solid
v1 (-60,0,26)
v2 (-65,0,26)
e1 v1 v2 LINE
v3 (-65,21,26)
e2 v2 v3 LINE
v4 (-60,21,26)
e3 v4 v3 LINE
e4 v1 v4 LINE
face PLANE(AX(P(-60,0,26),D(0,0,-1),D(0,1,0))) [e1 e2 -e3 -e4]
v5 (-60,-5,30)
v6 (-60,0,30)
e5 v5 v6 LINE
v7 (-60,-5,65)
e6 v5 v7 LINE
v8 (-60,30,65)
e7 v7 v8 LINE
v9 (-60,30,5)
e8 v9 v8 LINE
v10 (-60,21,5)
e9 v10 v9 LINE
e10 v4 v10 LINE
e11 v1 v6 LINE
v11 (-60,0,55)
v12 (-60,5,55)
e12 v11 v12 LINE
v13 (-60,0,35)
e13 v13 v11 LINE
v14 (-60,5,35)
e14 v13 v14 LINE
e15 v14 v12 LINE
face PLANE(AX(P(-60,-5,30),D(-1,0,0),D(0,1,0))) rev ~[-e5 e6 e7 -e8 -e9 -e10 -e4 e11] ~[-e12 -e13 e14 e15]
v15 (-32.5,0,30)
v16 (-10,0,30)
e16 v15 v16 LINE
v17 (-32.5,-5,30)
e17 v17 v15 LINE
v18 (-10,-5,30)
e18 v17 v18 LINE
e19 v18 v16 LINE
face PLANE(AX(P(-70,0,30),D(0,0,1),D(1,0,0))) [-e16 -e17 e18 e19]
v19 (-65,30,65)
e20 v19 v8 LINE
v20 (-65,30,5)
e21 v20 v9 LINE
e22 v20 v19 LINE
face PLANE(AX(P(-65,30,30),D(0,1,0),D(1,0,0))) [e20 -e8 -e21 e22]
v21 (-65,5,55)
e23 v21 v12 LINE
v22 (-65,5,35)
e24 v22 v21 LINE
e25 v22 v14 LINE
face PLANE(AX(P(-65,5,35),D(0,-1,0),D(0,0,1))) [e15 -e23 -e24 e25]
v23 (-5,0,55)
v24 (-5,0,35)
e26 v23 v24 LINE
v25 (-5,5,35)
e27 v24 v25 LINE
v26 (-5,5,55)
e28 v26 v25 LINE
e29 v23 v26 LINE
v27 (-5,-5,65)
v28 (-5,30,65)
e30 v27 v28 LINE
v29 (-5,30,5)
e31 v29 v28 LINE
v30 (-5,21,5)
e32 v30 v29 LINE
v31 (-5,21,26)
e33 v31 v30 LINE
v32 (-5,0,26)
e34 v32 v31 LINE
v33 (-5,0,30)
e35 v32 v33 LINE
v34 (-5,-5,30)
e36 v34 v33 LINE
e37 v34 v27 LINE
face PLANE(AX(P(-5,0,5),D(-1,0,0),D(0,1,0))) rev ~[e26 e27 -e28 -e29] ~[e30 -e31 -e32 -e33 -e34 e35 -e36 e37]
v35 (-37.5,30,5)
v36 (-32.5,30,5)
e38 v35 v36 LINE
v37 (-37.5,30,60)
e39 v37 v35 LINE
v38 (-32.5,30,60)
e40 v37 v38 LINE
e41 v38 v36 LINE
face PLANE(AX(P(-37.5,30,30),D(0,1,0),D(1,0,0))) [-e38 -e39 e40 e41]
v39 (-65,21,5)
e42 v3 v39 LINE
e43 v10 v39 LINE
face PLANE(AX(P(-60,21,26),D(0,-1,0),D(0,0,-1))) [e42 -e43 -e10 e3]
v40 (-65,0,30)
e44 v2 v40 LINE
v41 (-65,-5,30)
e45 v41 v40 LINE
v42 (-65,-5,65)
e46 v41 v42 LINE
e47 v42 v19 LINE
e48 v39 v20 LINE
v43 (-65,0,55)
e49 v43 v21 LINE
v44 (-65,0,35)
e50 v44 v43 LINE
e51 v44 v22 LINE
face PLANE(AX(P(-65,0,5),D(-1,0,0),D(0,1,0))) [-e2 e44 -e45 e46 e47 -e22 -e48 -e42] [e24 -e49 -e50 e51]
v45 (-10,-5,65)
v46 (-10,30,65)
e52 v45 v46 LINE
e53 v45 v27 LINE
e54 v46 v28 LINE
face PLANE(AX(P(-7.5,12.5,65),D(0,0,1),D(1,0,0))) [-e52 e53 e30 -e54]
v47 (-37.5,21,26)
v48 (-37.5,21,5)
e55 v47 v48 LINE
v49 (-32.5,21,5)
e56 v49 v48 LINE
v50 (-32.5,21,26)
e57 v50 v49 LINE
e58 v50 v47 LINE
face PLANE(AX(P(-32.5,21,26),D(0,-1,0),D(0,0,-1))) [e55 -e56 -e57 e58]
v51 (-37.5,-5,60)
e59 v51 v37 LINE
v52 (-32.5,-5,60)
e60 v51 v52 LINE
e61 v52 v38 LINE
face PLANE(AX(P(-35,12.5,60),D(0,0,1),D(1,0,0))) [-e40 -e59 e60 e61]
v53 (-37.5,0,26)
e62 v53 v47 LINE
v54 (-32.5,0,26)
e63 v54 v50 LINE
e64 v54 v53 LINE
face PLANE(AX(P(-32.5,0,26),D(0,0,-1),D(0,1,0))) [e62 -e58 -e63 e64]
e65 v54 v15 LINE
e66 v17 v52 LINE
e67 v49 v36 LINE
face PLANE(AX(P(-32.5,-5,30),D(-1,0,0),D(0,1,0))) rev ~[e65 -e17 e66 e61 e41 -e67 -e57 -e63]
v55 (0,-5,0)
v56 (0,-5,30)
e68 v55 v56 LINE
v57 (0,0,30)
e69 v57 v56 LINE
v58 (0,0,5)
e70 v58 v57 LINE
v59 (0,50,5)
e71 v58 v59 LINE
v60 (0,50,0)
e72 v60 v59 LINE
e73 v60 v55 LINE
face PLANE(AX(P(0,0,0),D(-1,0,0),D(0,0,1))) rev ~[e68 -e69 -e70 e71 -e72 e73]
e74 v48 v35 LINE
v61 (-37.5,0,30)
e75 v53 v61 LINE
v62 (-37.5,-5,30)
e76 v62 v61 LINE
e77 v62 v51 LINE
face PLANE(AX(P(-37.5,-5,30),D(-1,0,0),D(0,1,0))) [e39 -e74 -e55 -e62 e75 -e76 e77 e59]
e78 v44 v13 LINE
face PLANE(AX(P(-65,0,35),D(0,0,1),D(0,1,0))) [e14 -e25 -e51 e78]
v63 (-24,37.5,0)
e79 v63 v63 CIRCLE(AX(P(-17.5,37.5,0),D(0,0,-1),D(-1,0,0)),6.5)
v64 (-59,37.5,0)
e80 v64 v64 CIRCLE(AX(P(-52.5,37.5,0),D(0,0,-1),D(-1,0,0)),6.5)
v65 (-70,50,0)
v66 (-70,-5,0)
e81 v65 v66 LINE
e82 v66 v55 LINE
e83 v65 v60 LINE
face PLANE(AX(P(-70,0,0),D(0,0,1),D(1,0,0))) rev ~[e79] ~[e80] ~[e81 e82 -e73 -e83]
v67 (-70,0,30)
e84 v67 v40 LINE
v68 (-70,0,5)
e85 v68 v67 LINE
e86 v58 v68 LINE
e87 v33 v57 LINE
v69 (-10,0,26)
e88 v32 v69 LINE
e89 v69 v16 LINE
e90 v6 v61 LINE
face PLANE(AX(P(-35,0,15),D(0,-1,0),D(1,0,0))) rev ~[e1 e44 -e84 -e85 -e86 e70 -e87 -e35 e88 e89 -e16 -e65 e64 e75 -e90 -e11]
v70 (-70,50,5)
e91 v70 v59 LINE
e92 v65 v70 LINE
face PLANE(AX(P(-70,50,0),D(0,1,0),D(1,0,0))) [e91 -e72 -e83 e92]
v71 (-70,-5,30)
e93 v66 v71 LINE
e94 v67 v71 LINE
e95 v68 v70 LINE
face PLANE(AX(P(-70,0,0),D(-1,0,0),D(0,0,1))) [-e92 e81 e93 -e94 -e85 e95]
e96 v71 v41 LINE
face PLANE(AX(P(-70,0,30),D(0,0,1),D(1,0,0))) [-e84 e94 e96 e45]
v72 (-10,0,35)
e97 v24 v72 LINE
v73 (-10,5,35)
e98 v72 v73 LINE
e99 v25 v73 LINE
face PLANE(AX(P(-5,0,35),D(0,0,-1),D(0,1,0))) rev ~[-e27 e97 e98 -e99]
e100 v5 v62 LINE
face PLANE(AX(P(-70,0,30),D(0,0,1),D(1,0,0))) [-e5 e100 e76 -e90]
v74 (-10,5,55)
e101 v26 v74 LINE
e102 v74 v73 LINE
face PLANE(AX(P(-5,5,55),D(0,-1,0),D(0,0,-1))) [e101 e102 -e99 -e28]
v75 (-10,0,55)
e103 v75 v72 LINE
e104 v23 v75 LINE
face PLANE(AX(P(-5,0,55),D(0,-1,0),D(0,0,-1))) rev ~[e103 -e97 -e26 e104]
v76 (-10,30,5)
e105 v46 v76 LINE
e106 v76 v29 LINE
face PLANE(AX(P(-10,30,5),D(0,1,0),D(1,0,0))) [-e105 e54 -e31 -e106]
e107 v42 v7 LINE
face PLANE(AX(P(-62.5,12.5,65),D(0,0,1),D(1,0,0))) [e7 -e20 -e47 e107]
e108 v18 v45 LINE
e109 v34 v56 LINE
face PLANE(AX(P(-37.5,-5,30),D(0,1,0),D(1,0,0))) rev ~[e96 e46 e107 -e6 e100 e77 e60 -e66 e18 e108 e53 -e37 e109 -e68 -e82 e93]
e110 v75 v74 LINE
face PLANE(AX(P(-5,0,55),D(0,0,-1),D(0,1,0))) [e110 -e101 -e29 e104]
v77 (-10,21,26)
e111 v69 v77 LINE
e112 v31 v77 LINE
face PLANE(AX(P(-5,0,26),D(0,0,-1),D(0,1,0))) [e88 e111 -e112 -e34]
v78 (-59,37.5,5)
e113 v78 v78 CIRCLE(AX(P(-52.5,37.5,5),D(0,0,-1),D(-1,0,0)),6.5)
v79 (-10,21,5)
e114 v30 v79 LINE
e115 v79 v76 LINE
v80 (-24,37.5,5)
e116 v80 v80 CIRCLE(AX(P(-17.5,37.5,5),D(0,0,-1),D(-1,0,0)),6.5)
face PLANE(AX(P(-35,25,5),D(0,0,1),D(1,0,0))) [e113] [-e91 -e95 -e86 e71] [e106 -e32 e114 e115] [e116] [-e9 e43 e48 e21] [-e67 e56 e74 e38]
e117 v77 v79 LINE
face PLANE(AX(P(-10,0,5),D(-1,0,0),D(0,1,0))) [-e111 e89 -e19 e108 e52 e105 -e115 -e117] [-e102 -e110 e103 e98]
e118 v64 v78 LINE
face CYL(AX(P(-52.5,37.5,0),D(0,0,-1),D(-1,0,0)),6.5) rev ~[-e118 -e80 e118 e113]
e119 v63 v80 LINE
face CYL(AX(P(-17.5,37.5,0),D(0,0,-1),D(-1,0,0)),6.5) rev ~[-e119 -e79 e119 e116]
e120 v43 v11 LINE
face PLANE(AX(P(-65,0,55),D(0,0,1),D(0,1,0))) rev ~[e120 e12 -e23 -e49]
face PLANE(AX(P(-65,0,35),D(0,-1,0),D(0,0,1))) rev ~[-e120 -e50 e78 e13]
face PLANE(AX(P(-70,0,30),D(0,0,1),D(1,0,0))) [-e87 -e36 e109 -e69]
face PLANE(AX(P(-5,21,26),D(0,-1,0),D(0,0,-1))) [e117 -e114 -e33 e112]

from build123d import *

# Parameters (mm, degrees)
SKETCH1_W           = 70
SKETCH1_H           = 50
BOSS_EXTRUDE1_DEPTH = 5
SKETCH2_W           = 5
SKETCH2_H           = 30
BOSS_EXTRUDE2_DEPTH = 25
SKETCH3_W           = 21
SKETCH3_H           = 21
CUT_EXTRUDE1_DEPTH  = 5
SKETCH4_W           = 21
SKETCH4_H           = 21
CUT_EXTRUDE2_DEPTH  = 5
SKETCH5_W           = 21
SKETCH5_H           = 21
CUT_EXTRUDE3_DEPTH  = 5
SKETCH6_W           = 70
SKETCH6_H           = 30
BOSS_EXTRUDE3_DEPTH = 5
SKETCH7_W           = 5
SKETCH7_H           = 35
BOSS_EXTRUDE4_DEPTH = 35
SKETCH8_R           = 6.5
CUT_EXTRUDE4_DEPTH  = 5
SKETCH9_W           = 5
SKETCH9_H           = 35
CUT_EXTRUDE5_DEPTH  = 5
SKETCH10_W          = 20
SKETCH10_H          = 5
CUT_EXTRUDE6_DEPTH  = 5
SKETCH11_W          = 20
SKETCH11_H          = 5
CUT_EXTRUDE7_DEPTH  = 5


with BuildPart() as part:
    # Sketch1 → Boss-Extrude1 (new body)
    with BuildSketch(Plane.XY):
        with Locations((-35, 25)):
            Rectangle(SKETCH1_W, SKETCH1_H)
    extrude(amount=BOSS_EXTRUDE1_DEPTH)

    # Sketch2 → Boss-Extrude2 (add)
    with BuildSketch(Plane.XY.offset(5)):
        with Locations((-62.5, 15)):
            Rectangle(SKETCH2_W, SKETCH2_H)
        with Locations((-35, 15)):
            Rectangle(SKETCH2_W, SKETCH2_H)
        with Locations((-7.5, 15)):
            Rectangle(SKETCH2_W, SKETCH2_H)
    extrude(amount=BOSS_EXTRUDE2_DEPTH)

    # Sketch3 → Cut-Extrude1 (cut)
    with BuildSketch(Plane(origin=(-5, 0, 0), x_dir=(0, 0, -1), z_dir=(1, 0, 0))):
        with Locations((-15.5, 10.5)):
            Rectangle(SKETCH3_W, SKETCH3_H)
    extrude(amount=-CUT_EXTRUDE1_DEPTH, mode=Mode.SUBTRACT)

    # Sketch4 → Cut-Extrude2 (cut)
    with BuildSketch(Plane(origin=(-32.5, 0, 0), x_dir=(0, 0, -1), z_dir=(1, 0, 0))):
        with Locations((-15.5, 10.5)):
            Rectangle(SKETCH4_W, SKETCH4_H)
    extrude(amount=-CUT_EXTRUDE2_DEPTH, mode=Mode.SUBTRACT)

    # Sketch5 → Cut-Extrude3 (cut)
    with BuildSketch(Plane(origin=(-60, 0, 0), x_dir=(0, 0, -1), z_dir=(1, 0, 0))):
        with Locations((-15.5, 10.5)):
            Rectangle(SKETCH5_W, SKETCH5_H)
    extrude(amount=-CUT_EXTRUDE3_DEPTH, mode=Mode.SUBTRACT)

    # Sketch6 → Boss-Extrude3 (add)
    with BuildSketch(Plane.XZ):
        with Locations((-35, 15)):
            Rectangle(SKETCH6_W, SKETCH6_H)
    extrude(amount=BOSS_EXTRUDE3_DEPTH)

    # Sketch7 → Boss-Extrude4 (add)
    with BuildSketch(Plane.XY.offset(30)):
        with Locations((-35, 12.5)):
            Rectangle(SKETCH7_W, SKETCH7_H)
        with Locations((-7.5, 12.5)):
            Rectangle(SKETCH7_W, SKETCH7_H)
        with Locations((-62.5, 12.5)):
            Rectangle(SKETCH7_W, SKETCH7_H)
    extrude(amount=BOSS_EXTRUDE4_DEPTH)

    # Sketch8 → Cut-Extrude4 (cut)
    with BuildSketch(Plane(origin=(0, 0, 0), x_dir=(-1, 0, 0), z_dir=(0, 0, -1))):
        with Locations((17.5, 37.5)):
            Circle(SKETCH8_R)
        with Locations((52.5, 37.5)):
            Circle(SKETCH8_R)
    extrude(amount=-CUT_EXTRUDE4_DEPTH, mode=Mode.SUBTRACT)

    # Sketch9 → Cut-Extrude5 (cut)
    with BuildSketch(Plane.XY.offset(65)):
        with Locations((-35, 12.5)):
            Rectangle(SKETCH9_W, SKETCH9_H)
    extrude(amount=-CUT_EXTRUDE5_DEPTH, mode=Mode.SUBTRACT)

    # Sketch10 → Cut-Extrude6 (cut)
    with BuildSketch(Plane(origin=(-5, 0, 0), x_dir=(0, 0, -1), z_dir=(1, 0, 0))):
        with Locations((-45, 2.5)):
            Rectangle(SKETCH10_W, SKETCH10_H)
    extrude(amount=-CUT_EXTRUDE6_DEPTH, mode=Mode.SUBTRACT)

    # Sketch11 → Cut-Extrude7 (cut)
    with BuildSketch(Plane.ZY.offset(65)):
        with Locations((45, 2.5)):
            Rectangle(SKETCH11_W, SKETCH11_H)
    extrude(amount=-CUT_EXTRUDE7_DEPTH, mode=Mode.SUBTRACT)


solid = part.part
